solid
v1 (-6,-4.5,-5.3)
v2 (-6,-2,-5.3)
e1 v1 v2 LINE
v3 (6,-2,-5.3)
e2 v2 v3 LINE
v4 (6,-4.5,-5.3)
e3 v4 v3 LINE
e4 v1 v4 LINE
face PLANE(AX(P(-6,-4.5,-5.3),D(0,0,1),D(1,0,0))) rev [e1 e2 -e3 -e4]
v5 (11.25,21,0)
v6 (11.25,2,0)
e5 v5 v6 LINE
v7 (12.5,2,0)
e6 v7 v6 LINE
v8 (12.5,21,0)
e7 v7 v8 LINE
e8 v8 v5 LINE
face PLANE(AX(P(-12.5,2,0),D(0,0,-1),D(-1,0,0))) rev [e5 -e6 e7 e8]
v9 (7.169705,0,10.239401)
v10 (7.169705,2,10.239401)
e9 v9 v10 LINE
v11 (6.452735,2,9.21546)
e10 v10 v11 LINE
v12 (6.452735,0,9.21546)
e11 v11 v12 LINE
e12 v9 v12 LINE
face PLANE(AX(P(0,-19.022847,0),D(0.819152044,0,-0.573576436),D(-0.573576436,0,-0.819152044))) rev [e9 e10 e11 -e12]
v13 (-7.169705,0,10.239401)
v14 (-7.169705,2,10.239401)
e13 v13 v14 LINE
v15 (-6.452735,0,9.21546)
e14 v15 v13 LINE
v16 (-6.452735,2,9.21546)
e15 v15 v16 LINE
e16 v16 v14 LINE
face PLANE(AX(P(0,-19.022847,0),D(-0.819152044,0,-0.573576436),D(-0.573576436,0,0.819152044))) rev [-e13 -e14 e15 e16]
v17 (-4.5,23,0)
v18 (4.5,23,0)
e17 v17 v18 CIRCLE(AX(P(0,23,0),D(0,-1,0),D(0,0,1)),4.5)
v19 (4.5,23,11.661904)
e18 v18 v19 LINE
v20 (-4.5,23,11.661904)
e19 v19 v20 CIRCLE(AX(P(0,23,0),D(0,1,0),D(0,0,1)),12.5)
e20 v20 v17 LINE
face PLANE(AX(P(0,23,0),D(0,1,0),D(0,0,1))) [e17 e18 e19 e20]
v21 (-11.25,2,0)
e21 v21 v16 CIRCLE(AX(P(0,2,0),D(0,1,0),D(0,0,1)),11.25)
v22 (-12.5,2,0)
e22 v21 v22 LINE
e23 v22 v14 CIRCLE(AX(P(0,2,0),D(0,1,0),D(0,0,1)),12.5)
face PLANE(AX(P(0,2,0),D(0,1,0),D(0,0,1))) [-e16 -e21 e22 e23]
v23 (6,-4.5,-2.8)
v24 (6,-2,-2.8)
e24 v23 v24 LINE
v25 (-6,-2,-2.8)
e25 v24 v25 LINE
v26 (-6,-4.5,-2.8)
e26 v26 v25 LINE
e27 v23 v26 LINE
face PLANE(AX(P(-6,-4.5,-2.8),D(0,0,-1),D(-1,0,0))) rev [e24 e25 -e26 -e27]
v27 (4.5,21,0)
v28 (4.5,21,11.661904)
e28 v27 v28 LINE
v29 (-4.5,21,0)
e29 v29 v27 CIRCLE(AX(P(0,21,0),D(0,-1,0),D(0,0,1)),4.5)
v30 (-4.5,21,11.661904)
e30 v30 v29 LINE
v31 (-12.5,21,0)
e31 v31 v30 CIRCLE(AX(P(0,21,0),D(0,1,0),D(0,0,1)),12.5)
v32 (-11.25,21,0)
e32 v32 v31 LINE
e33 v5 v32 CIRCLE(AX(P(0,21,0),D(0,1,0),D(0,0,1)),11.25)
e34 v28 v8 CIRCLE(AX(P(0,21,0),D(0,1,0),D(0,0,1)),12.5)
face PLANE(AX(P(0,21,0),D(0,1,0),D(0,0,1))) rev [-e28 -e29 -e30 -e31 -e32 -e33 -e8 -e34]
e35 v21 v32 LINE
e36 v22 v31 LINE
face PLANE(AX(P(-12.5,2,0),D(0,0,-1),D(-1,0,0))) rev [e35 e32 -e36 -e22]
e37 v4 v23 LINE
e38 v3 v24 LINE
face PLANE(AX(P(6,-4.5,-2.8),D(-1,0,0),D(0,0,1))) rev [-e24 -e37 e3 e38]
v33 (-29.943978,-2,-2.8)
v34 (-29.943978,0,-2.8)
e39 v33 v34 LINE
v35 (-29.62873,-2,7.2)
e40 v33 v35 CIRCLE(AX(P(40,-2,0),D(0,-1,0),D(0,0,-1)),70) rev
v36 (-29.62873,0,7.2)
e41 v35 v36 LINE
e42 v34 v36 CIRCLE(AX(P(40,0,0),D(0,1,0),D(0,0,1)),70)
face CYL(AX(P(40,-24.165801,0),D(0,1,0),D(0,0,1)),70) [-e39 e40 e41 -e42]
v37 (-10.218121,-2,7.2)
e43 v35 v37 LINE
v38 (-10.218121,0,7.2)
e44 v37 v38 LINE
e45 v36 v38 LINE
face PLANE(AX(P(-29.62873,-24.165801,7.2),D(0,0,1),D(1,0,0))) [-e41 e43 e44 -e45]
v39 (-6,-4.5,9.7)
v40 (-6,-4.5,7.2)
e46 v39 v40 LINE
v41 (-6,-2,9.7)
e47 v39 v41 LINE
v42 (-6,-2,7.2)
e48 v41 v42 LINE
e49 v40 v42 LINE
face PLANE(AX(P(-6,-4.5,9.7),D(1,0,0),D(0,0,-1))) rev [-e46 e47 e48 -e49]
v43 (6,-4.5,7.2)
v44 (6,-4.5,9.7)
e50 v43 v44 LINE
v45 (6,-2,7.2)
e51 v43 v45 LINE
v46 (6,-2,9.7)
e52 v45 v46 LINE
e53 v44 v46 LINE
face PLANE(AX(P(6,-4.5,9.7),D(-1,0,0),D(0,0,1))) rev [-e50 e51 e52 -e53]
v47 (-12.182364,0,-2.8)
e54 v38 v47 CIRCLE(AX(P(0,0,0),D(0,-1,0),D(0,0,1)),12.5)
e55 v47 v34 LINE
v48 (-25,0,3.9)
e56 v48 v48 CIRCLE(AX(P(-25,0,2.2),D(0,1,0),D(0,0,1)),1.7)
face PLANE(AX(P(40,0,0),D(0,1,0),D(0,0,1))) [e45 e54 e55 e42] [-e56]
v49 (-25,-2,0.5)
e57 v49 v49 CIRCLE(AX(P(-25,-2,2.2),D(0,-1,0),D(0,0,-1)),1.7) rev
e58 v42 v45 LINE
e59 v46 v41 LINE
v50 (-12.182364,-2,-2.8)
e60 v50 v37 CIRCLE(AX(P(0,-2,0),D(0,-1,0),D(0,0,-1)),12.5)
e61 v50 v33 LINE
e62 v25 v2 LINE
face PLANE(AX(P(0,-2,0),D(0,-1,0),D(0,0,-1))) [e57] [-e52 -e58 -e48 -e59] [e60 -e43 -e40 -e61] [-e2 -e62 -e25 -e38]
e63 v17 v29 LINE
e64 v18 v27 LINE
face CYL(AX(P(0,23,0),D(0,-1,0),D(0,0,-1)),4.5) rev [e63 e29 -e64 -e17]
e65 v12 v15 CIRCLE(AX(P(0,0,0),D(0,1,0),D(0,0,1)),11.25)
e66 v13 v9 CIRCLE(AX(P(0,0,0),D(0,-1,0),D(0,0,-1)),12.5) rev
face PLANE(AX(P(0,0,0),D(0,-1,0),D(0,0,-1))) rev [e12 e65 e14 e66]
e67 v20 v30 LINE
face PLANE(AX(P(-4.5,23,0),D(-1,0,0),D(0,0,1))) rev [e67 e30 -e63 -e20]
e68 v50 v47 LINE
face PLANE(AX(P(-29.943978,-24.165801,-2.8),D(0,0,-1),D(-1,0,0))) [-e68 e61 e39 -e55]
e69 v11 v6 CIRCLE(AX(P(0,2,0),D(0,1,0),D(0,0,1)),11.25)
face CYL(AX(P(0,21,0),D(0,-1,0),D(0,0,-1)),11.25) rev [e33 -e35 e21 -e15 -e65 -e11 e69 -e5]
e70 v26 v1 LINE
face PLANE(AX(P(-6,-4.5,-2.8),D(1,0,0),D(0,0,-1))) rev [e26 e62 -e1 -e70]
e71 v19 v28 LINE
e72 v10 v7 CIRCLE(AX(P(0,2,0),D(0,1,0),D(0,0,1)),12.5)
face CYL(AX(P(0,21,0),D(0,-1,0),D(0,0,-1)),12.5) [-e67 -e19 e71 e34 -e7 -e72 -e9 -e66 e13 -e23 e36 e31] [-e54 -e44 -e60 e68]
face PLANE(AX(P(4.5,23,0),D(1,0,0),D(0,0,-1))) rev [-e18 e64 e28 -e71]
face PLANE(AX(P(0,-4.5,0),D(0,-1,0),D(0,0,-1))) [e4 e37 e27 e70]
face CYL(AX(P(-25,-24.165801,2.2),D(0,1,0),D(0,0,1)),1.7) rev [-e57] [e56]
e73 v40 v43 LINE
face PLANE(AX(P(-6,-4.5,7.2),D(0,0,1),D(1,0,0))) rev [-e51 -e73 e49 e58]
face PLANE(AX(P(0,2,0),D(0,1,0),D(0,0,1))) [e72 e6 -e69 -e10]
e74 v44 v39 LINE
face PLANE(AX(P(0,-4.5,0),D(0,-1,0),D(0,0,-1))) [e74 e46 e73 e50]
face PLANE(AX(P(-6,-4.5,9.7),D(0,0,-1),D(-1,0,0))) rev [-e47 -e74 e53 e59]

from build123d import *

# Parameters (mm, degrees)
CROQUIS1_R              = 12.5
CROQUIS1_R_2            = 11.25
SALIENTE_EXTRUIR1_DEPTH = 21
CORTAR_EXTRUIR1_DEPTH   = 19
CROQUIS3_R              = 12.5
SALIENTE_EXTRUIR2_DEPTH = 2
SALIENTE_EXTRUIR3_DEPTH = 2
CORTAR_EXTRUIR2_DEPTH   = 2
CROQUIS6_R              = 1.7
SALIENTE_EXTRUIR4_DEPTH = 2
CROQUIS8_W              = 12
CROQUIS8_H              = 2.5
SALIENTE_EXTRUIR5_DEPTH = 2.5


with BuildPart() as part:
    # Croquis1 → Saliente-Extruir1 (new body)
    with BuildSketch(Plane(origin=(0, 0, 0), x_dir=(1, 0, 0), z_dir=(0, 1, 0))):
        Circle(CROQUIS1_R)
        Circle(CROQUIS1_R_2, mode=Mode.SUBTRACT)
    extrude(amount=SALIENTE_EXTRUIR1_DEPTH)

    # Croquis2 → Cortar-Extruir1 (cut)
    with BuildSketch(Plane(origin=(0, 21, 0), x_dir=(1, 0, 0), z_dir=(0, 1, 0))):
        with BuildLine():
            Line((-12.5, 0), (12.5, 0))
            ThreePointArc((12.5, 0), (0, -12.5), (-12.5, 0))
        make_face()
    extrude(amount=-CORTAR_EXTRUIR1_DEPTH, mode=Mode.SUBTRACT)

    # Croquis3 → Saliente-Extruir2 (add)
    with BuildSketch(Plane.XZ):
        Circle(CROQUIS3_R)
    extrude(amount=SALIENTE_EXTRUIR2_DEPTH)

    # Croquis4 → Saliente-Extruir3 (add)
    with BuildSketch(Plane(origin=(0, 21, 0), x_dir=(1, 0, 0), z_dir=(0, 1, 0))):
        with BuildLine():
            Line((-4.5, 0), (-4.5, -11.66190379))
            ThreePointArc((-4.5, -11.66190379), (0, 12.5), (4.5, -11.66190379))
            Line((4.5, -11.66190379), (4.5, 0))
            ThreePointArc((4.5, 0), (0, 4.5), (-4.5, 0))
        make_face()
    extrude(amount=SALIENTE_EXTRUIR3_DEPTH)

    # Croquis5 → Cortar-Extruir2 (cut)
    with BuildSketch(Plane(origin=(0, 2, 0), x_dir=(1, 0, 0), z_dir=(0, 1, 0))):
        with BuildLine():
            Line((0, 0), (-7.169705454, -10.239400554))
            ThreePointArc((-7.169705454, -10.239400554), (0, -12.5), (7.169705454, -10.239400554))
            Line((7.169705454, -10.239400554), (0, 0))
        make_face()
    extrude(amount=-CORTAR_EXTRUIR2_DEPTH, mode=Mode.SUBTRACT)

    # Croquis6 → Saliente-Extruir4 (add)
    with BuildSketch(Plane(origin=(0, 0, 0), x_dir=(1, 0, 0), z_dir=(0, 1, 0))):
        with BuildLine():
            Line((-29.628729703, -7.2), (-10.218121158, -7.2))
            ThreePointArc((-10.218121158, -7.2), (-12.265620132, -2.409266026), (-12.182364303, 2.8))
            Line((-12.182364303, 2.8), (-29.943977582, 2.8))
            ThreePointArc((-29.943977582, 2.8), (-29.965242476, -2.205639433), (-29.628729703, -7.2))
        make_face()
        with Locations((-25, -2.2)):
            Circle(CROQUIS6_R, mode=Mode.SUBTRACT)
    extrude(amount=-SALIENTE_EXTRUIR4_DEPTH)

    # Croquis8 → Saliente-Extruir5 (add)
    with BuildSketch(Plane.XZ.offset(2)):
        with Locations((0, 8.45)):
            Rectangle(CROQUIS8_W, CROQUIS8_H)
        with Locations((0, -4.05)):
            Rectangle(CROQUIS8_W, CROQUIS8_H)
    extrude(amount=SALIENTE_EXTRUIR5_DEPTH)


solid = part.part
